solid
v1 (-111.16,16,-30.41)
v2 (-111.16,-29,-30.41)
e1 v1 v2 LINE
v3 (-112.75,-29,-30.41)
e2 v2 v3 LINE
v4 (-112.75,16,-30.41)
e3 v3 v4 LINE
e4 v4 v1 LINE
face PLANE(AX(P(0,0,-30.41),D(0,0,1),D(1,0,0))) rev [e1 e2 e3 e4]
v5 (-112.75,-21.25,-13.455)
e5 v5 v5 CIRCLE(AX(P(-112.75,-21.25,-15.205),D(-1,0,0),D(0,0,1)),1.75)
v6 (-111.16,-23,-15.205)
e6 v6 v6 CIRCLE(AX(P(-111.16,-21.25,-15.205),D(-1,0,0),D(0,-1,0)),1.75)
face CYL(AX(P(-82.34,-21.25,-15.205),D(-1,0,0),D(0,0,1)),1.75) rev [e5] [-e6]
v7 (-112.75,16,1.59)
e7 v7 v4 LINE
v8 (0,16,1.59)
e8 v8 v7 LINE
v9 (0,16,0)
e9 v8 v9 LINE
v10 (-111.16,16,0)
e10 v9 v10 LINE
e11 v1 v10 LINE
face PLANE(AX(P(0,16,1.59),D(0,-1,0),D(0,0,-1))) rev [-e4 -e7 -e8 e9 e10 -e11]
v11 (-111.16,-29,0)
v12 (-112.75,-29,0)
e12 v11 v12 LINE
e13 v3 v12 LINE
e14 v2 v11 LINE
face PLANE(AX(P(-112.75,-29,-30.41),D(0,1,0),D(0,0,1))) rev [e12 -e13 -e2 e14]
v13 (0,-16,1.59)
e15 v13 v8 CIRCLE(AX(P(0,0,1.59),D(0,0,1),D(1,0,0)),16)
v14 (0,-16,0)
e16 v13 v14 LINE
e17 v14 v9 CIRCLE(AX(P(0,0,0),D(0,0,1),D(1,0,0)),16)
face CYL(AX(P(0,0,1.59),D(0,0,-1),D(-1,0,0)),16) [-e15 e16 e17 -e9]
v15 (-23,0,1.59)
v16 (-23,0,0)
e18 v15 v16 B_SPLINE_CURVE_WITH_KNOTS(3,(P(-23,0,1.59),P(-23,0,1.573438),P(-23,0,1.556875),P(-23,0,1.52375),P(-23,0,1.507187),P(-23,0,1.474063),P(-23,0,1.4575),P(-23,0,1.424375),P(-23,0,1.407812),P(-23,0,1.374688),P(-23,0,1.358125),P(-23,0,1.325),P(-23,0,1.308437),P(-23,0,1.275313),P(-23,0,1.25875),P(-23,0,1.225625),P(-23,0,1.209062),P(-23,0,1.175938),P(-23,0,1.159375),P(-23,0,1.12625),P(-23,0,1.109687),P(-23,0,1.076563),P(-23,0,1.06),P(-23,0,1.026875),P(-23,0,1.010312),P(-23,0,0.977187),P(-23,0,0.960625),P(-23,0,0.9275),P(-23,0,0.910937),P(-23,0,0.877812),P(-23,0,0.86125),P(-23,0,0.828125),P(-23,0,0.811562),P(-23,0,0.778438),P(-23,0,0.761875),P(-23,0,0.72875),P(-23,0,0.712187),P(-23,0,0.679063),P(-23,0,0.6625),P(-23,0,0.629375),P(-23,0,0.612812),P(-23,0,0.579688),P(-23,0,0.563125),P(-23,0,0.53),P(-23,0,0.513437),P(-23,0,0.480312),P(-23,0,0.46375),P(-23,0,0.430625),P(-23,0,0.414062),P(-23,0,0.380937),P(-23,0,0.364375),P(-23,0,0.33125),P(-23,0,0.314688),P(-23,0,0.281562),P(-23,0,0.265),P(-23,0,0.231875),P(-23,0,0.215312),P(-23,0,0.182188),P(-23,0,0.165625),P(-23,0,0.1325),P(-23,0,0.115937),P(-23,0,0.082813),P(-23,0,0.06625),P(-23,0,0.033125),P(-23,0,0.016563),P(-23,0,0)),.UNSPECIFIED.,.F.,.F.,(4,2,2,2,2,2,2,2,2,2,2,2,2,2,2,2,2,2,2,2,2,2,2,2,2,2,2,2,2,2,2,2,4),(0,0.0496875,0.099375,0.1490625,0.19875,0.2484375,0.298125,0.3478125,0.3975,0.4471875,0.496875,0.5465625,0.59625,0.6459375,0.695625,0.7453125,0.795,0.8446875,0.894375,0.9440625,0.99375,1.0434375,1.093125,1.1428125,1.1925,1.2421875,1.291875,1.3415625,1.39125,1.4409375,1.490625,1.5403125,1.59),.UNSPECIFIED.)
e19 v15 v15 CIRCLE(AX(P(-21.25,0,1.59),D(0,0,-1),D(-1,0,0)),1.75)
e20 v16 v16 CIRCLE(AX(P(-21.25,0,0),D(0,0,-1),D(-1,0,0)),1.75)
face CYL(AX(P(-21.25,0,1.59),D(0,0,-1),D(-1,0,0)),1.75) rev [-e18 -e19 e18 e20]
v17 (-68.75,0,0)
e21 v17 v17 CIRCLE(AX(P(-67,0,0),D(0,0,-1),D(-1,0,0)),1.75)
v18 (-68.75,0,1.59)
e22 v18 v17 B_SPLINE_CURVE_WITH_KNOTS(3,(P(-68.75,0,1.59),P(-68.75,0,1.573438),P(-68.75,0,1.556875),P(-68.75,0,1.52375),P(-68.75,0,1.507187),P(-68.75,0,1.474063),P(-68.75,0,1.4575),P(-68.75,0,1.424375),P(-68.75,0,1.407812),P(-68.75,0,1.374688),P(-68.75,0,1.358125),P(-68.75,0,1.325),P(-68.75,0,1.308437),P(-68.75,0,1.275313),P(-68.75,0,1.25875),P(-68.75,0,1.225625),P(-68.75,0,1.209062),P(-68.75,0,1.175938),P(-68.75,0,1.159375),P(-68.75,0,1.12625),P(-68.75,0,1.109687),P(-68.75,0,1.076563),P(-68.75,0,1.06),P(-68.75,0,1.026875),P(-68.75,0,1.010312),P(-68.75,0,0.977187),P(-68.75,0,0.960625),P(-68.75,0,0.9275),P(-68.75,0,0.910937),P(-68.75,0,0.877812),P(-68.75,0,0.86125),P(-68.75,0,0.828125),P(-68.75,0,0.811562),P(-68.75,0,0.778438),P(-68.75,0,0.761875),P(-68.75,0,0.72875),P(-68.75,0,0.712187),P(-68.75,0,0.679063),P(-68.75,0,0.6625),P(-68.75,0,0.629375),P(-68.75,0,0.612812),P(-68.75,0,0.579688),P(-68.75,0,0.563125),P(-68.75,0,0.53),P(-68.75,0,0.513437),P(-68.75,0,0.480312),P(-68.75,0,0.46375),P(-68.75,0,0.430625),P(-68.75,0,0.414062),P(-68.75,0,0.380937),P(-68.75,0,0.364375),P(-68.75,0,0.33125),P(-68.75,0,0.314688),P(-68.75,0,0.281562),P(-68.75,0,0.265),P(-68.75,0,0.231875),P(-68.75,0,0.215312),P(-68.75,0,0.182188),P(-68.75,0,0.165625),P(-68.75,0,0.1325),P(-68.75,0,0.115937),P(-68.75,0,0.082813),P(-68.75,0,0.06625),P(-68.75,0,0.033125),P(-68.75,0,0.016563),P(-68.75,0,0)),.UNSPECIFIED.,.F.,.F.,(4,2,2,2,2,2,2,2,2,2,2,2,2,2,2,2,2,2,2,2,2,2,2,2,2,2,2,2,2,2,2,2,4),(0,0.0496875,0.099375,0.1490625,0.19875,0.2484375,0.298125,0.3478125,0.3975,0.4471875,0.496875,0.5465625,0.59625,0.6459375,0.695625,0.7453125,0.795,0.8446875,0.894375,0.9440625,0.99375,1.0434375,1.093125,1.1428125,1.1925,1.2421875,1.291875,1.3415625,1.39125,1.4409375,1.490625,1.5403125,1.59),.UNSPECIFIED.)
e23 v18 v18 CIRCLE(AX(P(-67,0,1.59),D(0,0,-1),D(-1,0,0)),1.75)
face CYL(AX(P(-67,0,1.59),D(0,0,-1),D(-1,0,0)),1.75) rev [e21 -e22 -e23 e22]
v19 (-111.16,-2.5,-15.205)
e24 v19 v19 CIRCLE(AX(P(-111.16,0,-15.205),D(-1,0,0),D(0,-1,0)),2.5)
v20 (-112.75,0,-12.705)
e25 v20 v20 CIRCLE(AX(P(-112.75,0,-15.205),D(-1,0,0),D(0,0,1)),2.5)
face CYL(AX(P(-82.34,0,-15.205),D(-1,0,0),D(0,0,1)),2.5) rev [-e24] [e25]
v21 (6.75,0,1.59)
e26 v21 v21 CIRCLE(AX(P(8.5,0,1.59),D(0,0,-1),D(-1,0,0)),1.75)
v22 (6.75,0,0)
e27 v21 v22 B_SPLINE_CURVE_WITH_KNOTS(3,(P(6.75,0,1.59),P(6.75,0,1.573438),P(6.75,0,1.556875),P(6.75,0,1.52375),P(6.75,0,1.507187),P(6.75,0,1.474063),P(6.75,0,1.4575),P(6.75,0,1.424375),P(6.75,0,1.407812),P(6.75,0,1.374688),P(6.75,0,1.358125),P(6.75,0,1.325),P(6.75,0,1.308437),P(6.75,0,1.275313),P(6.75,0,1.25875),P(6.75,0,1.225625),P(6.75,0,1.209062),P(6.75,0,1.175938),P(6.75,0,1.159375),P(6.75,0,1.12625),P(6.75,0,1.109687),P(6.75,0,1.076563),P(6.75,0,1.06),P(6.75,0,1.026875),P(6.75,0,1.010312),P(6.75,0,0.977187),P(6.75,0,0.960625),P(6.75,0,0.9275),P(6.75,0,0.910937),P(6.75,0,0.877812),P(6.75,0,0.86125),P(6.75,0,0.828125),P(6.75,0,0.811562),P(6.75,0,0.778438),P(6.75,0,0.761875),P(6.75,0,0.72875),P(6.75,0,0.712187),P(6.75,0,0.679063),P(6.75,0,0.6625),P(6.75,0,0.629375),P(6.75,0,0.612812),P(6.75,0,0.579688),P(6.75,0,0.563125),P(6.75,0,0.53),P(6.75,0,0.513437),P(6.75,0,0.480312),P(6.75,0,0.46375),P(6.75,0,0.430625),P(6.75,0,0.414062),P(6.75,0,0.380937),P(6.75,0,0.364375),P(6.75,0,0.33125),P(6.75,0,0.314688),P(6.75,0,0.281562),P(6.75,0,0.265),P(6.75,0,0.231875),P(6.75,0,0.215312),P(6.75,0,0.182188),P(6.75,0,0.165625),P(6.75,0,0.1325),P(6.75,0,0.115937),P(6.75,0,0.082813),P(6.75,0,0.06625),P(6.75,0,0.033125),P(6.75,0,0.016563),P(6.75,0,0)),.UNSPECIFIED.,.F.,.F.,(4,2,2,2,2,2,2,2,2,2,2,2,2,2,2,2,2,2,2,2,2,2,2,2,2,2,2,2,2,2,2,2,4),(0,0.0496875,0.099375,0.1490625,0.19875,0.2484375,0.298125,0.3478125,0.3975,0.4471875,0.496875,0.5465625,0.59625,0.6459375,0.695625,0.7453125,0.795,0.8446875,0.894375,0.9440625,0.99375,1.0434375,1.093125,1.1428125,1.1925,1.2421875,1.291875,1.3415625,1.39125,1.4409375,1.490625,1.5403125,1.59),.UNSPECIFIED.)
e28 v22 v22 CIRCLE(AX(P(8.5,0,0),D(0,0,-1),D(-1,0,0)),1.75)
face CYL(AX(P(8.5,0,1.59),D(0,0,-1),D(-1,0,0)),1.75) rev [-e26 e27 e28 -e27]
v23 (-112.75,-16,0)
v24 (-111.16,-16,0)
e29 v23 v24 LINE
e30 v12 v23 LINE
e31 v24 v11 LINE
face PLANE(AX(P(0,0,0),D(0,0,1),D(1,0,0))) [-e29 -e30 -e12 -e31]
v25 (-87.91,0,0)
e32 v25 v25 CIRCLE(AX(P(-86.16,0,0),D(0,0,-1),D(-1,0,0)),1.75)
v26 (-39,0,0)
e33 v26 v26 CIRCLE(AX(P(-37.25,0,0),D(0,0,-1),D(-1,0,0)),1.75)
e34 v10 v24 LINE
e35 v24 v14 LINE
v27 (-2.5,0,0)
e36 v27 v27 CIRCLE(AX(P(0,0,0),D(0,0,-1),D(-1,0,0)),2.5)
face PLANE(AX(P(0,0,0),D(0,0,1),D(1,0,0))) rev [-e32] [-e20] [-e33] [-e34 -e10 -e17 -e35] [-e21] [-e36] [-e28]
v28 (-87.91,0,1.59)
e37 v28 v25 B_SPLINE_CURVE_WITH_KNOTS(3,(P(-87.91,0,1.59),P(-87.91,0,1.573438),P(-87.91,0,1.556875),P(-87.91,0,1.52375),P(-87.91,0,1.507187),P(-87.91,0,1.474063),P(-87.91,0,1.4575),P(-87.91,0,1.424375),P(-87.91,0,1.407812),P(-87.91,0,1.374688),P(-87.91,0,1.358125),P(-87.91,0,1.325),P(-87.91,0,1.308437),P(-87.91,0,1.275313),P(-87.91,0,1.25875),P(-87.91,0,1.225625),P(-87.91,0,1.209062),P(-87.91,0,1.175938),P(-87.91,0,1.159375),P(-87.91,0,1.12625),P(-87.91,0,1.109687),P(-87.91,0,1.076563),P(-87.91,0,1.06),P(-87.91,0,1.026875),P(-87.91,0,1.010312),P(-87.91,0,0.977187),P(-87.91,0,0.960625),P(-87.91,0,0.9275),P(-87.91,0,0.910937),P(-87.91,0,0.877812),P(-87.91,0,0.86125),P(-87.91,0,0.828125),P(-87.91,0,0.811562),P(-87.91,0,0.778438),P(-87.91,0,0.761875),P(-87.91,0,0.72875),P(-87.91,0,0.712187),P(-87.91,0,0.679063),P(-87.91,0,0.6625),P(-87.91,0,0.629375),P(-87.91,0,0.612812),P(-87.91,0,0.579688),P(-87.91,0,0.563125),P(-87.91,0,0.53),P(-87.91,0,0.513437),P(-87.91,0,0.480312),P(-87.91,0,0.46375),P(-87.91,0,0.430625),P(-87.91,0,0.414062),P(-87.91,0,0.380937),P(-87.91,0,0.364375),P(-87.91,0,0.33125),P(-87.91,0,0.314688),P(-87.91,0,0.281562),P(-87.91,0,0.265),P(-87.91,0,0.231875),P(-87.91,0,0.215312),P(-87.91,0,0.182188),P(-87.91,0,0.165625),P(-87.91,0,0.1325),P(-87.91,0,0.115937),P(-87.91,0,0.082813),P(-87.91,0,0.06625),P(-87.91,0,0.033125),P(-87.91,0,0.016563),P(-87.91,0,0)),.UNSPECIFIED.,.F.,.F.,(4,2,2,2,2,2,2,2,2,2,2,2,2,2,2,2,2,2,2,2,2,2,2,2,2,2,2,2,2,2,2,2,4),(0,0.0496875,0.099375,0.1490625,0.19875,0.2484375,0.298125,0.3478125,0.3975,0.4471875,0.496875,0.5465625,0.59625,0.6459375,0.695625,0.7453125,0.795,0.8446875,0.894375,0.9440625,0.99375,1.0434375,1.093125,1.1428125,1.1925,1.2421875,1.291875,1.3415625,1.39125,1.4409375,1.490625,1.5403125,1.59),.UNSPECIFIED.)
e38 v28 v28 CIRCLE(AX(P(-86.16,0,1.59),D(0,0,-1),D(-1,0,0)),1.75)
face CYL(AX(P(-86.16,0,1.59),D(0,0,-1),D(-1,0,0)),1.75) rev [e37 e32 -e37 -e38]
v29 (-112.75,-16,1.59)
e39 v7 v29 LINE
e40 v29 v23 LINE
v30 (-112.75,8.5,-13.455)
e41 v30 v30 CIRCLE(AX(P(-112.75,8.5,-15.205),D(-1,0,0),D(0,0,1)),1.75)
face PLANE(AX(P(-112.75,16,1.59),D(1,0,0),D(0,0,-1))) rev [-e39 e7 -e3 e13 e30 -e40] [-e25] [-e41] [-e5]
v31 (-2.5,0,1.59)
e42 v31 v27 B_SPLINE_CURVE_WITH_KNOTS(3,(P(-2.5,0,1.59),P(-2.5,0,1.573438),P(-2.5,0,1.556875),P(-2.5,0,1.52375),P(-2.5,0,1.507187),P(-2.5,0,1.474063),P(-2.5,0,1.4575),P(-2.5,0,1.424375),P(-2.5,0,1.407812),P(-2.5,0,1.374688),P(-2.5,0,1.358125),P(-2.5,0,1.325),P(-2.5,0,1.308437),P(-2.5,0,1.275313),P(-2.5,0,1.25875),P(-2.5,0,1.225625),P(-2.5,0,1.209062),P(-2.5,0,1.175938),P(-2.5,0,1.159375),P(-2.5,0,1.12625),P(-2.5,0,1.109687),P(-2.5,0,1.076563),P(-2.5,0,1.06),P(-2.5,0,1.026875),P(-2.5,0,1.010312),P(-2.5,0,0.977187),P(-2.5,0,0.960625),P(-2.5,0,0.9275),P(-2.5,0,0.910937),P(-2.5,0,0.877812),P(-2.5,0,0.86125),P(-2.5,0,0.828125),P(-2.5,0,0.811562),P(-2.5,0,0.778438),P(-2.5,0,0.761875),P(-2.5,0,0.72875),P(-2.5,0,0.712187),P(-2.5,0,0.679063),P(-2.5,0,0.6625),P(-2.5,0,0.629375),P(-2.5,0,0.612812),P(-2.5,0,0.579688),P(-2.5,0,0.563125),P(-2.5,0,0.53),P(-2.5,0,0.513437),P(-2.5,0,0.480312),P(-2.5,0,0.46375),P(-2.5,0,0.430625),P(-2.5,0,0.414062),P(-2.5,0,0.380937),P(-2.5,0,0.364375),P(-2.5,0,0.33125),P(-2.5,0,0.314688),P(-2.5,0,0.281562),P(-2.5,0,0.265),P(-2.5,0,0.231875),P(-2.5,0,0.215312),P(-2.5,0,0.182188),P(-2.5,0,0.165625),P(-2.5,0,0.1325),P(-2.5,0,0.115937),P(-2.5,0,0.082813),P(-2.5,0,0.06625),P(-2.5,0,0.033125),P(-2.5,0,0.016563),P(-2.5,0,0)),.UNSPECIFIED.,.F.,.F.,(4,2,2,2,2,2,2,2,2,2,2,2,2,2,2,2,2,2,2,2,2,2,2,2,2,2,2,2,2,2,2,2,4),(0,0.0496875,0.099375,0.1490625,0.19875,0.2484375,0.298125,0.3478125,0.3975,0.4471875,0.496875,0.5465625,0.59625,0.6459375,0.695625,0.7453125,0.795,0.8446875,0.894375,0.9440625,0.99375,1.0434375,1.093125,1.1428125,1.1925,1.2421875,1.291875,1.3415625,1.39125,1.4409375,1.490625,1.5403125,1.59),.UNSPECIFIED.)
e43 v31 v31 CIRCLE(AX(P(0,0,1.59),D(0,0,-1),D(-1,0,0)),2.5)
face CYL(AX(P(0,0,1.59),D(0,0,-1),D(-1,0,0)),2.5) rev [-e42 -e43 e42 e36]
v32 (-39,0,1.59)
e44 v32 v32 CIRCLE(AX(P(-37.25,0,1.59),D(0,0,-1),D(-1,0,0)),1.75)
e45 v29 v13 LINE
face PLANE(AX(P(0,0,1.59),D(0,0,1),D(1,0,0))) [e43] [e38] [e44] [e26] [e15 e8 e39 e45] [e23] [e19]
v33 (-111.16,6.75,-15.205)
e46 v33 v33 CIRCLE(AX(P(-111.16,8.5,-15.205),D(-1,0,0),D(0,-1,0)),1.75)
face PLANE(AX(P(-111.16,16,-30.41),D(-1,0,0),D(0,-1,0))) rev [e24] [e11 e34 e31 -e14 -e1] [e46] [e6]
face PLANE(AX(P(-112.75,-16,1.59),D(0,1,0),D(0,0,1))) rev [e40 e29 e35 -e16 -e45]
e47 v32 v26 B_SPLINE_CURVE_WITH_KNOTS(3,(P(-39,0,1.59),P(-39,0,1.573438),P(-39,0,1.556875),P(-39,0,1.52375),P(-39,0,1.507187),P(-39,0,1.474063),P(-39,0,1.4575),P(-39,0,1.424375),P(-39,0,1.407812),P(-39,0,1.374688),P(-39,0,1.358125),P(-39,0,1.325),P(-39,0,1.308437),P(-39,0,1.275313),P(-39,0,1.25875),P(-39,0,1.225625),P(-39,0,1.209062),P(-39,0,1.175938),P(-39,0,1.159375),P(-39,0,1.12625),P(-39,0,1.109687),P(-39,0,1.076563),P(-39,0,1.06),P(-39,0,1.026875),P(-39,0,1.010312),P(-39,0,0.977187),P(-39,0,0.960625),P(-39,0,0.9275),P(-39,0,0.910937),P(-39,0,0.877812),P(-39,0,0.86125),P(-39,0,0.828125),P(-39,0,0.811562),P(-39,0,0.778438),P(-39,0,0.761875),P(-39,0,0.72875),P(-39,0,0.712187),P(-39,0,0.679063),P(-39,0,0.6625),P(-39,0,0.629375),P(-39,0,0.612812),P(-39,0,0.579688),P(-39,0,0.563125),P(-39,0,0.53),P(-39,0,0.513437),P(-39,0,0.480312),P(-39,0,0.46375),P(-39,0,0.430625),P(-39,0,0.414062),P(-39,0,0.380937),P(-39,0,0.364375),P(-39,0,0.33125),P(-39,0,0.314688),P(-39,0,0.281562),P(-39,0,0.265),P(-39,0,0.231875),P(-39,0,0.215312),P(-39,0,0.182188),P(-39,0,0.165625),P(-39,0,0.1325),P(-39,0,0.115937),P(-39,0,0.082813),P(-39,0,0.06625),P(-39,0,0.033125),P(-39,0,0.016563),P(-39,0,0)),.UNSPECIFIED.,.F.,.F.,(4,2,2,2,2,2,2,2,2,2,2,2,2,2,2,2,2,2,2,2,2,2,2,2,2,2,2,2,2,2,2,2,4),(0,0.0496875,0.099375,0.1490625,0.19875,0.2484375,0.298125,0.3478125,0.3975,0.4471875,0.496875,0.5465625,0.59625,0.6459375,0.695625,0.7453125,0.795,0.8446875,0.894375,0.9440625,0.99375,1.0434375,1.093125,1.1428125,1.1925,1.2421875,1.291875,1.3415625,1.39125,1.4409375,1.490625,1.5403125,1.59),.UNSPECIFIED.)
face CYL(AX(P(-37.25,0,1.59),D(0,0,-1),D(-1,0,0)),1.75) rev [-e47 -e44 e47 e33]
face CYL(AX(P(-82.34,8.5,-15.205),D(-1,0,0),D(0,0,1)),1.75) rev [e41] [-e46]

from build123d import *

# Parameters (mm, degrees)
BOSS_EXTRUDE1_DEPTH = 1.59
SKETCH2_W           = 1.59
SKETCH2_H           = 45
BOSS_EXTRUDE2_DEPTH = 30.41
SKETCH3_R           = 1.75
SKETCH3_R_2         = 2.5
CUT_EXTRUDE1_DEPTH  = 121.32593486
SKETCH4_R           = 2.5
SKETCH4_R_2         = 1.75
CUT_EXTRUDE2_DEPTH  = 30.41


with BuildPart() as part:
    # Sketch1 → Boss-Extrude1 (new body)
    with BuildSketch(Plane.XY):
        with BuildLine():
            Line((0, 16), (-112.75, 16))
            Line((-112.75, 16), (-112.75, -16))
            Line((-112.75, -16), (0, -16))
            ThreePointArc((0, -16), (16, 0), (0, 16))
        make_face()
    extrude(amount=BOSS_EXTRUDE1_DEPTH)

    # Sketch2 → Boss-Extrude2 (add)
    with BuildSketch(Plane(origin=(0, 0, 0), x_dir=(-1, 0, 0), z_dir=(0, 0, -1))):
        with Locations((111.955, -6.5)):
            Rectangle(SKETCH2_W, SKETCH2_H)
    extrude(amount=BOSS_EXTRUDE2_DEPTH)

    # Sketch3 → Cut-Extrude1 (cut, through all)
    with BuildSketch(Plane(origin=(0, 0, 0), x_dir=(-1, 0, 0), z_dir=(0, 0, -1))):
        with Locations((86.16, 0)):
            Circle(SKETCH3_R)
        with Locations((37.25, 0)):
            Circle(SKETCH3_R)
        with Locations((67, 0)):
            Circle(SKETCH3_R)
        with Locations((-8.5, 0)):
            Circle(SKETCH3_R)
        Circle(SKETCH3_R_2)
        with Locations((21.25, 0)):
            Circle(SKETCH3_R)
    extrude(amount=-CUT_EXTRUDE1_DEPTH, mode=Mode.SUBTRACT)

    # Sketch4 → Cut-Extrude2 (cut)
    with BuildSketch(Plane.ZY.offset(112.75)):
        with Locations((-15.205, 0)):
            Circle(SKETCH4_R)
        with Locations((-15.205, 8.5)):
            Circle(SKETCH4_R_2)
        with Locations((-15.205, -21.25)):
            Circle(SKETCH4_R_2)
    extrude(amount=-CUT_EXTRUDE2_DEPTH, mode=Mode.SUBTRACT)


solid = part.part
